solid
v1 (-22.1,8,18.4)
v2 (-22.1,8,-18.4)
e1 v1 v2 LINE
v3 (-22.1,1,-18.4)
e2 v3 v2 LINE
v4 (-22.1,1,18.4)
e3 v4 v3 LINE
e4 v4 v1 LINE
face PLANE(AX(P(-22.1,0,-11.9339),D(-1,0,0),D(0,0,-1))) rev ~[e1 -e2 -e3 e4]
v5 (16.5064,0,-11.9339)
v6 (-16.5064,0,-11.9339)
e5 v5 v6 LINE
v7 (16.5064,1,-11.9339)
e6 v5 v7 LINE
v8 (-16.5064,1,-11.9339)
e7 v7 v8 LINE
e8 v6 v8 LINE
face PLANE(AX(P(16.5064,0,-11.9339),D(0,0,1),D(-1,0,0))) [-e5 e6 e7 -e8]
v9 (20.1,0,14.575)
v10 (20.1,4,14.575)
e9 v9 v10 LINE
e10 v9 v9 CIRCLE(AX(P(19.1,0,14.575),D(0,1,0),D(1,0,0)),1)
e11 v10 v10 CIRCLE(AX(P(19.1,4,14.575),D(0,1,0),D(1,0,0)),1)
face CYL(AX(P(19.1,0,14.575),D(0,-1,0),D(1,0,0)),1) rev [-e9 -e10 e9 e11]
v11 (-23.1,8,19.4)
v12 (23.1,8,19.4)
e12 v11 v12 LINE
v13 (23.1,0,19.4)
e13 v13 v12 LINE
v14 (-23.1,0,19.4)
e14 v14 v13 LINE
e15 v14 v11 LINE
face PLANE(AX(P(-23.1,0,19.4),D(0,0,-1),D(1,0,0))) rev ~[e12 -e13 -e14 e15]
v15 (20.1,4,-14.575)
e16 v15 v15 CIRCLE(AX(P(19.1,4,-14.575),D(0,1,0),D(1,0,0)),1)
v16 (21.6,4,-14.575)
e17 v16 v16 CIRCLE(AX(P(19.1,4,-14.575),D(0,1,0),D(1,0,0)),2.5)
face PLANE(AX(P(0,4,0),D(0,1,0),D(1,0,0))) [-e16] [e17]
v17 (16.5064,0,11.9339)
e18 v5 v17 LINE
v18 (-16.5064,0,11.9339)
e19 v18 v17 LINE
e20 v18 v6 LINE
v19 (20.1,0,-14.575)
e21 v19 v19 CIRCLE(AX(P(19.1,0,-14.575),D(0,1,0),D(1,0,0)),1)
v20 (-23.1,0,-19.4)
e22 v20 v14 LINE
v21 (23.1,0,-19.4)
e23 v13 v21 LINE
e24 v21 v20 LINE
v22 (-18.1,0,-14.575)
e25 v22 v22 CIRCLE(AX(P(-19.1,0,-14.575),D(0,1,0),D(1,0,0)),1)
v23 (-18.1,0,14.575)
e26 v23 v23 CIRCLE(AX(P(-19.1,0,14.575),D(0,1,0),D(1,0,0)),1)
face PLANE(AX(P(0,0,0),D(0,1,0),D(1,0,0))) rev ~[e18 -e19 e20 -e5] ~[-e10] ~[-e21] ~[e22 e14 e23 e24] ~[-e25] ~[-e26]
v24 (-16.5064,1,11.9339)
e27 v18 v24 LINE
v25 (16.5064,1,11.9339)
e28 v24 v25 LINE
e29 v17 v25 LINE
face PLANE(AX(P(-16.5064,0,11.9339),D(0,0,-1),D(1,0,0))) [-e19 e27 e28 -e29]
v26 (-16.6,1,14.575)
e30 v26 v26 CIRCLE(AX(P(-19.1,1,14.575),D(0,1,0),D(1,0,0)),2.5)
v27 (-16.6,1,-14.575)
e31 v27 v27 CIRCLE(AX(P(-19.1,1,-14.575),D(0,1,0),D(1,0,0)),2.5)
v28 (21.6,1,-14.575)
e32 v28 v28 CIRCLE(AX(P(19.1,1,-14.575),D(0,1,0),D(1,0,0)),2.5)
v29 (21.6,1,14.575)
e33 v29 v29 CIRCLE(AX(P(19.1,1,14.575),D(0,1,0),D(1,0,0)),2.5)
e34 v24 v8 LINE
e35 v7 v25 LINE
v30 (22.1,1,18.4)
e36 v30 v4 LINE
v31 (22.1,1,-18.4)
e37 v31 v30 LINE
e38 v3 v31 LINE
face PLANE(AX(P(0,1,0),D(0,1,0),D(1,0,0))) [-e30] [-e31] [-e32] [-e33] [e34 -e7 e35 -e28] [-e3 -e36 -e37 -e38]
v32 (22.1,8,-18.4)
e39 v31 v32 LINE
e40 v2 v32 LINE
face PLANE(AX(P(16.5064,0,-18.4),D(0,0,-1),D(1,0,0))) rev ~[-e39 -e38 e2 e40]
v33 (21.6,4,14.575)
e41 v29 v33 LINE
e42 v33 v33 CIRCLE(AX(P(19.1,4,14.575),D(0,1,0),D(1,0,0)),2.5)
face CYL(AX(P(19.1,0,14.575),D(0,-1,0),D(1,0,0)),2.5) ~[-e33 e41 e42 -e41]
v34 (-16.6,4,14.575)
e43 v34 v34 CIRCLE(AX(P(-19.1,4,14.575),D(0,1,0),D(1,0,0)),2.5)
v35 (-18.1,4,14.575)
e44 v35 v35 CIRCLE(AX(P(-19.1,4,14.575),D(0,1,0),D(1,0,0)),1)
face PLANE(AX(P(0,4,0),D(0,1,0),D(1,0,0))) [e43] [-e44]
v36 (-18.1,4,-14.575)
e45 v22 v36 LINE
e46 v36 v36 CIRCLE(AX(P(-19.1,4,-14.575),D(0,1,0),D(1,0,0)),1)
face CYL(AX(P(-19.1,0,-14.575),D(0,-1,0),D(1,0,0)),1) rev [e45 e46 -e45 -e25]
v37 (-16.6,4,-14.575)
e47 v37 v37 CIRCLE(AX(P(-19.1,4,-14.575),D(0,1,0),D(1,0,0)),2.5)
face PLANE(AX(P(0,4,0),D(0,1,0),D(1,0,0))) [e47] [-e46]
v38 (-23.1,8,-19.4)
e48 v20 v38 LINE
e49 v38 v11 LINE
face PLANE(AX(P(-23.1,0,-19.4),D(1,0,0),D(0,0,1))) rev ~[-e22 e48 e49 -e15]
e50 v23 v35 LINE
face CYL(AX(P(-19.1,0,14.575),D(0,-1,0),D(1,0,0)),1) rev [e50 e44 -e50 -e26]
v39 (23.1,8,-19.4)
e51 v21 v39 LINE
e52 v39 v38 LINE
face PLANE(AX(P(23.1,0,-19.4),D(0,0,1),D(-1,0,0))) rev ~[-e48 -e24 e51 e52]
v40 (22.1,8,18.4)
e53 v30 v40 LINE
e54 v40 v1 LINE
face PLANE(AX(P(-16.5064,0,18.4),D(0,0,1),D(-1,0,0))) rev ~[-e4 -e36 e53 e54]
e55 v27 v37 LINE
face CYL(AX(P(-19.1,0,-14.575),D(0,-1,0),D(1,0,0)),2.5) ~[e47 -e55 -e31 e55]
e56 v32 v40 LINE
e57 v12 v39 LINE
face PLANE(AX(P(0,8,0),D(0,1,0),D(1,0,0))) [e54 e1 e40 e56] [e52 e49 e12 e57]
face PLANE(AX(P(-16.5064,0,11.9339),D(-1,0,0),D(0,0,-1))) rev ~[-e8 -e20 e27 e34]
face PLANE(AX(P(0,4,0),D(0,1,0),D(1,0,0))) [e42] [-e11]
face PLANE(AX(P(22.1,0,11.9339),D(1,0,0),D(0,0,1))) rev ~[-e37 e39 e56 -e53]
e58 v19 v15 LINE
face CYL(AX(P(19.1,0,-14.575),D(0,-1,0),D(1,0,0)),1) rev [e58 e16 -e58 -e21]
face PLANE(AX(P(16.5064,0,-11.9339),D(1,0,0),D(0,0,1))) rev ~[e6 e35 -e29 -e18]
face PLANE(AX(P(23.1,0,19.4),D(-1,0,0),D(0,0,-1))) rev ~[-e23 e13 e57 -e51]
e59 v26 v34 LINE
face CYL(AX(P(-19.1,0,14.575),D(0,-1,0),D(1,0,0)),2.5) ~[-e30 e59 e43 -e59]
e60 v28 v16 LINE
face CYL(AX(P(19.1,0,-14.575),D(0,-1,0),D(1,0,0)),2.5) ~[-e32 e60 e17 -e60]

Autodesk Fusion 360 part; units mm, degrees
sketch "Sketch1" plane through (0, 0, 0) normal (0, 1, 0) x (1, 0, 0)
  line L0 (19.1, 14.575) -> (-19.1, 14.575) construction
  line L1 (-19.1, 14.575) -> (-19.1, -14.575) construction
  line L2 (-19.1, -14.575) -> (19.1, -14.575) construction
  line L3 (19.1, -14.575) -> (19.1, 14.575) construction
  line L4 (19.1, 14.575) -> (-19.1, -14.575) construction
  line L5 (-19.1, 14.575) -> (19.1, -14.575) construction
  circle A0 centre (-19.1, 14.575) radius 1
  circle A1 centre (19.1, 14.575) radius 1
  circle A2 centre (-19.1, -14.575) radius 1
  circle A3 centre (19.1, -14.575) radius 1
  circle A4 centre (-19.1, 14.575) radius 2.5
  circle A5 centre (19.1, 14.575) radius 2.5
  circle A6 centre (-19.1, -14.575) radius 2.5
  circle A7 centre (19.1, -14.575) radius 2.5
  line L6 (22.1, -18.4) -> (-22.1, -18.4)
  line L7 (-22.1, -18.4) -> (-22.1, 18.4)
  line L8 (-22.1, 18.4) -> (22.1, 18.4)
  line L9 (22.1, 18.4) -> (22.1, -18.4)
  line L10 (22.1, -18.4) -> (-22.1, 18.4) construction
  line L11 (-22.1, -18.4) -> (22.1, 18.4) construction
  line L12 (23.1, 19.4) -> (-23.1, 19.4)
  line L13 (-23.1, 19.4) -> (-23.1, -19.4)
  line L14 (-23.1, -19.4) -> (23.1, -19.4)
  line L15 (23.1, -19.4) -> (23.1, 19.4)
  line L16 (23.1, 19.4) -> (-23.1, -19.4) construction
  line L17 (-23.1, 19.4) -> (23.1, -19.4) construction
  line L18 (-16.5064, 18.4) -> (16.5064, 18.4)
  line L19 (16.5064, 18.4) -> (16.5064, -18.4)
  line L20 (16.5064, -18.4) -> (-16.5064, -18.4)
  line L21 (-16.5064, -18.4) -> (-16.5064, 18.4)
  line L22 (-16.5064, 18.4) -> (16.5064, -18.4) construction
  line L23 (16.5064, 18.4) -> (-16.5064, -18.4) construction
  line L24 (22.1, 11.9339) -> (-22.1, 11.9339)
  line L25 (-22.1, 11.9339) -> (-22.1, -11.9339)
  line L26 (-22.1, -11.9339) -> (22.1, -11.9339)
  line L27 (22.1, -11.9339) -> (22.1, 11.9339)
  line L28 (22.1, 11.9339) -> (-22.1, -11.9339) construction
  line L29 (-22.1, 11.9339) -> (22.1, -11.9339) construction
  dimension "d1" = 29.15
  dimension "d2" = 38.2
  dimension "d3" = 2
  dimension "d4" = 2
  dimension "d5" = 2
  dimension "d6" = 2
  dimension "d7" = 5
  dimension "d8" = 5
  dimension "d9" = 5
  dimension "d10" = 5
  dimension "d11" = 36.8
  dimension "d12" = 1
  dimension "d13" = 1
  dimension "d14" = 44.2
extrude "Extrude1" add sketch "Sketch1" along normal blind 8 contours L12 L13 L14 L15 makes body 1
extrude "Extrude2" add sketch "Sketch1" along normal blind 4 separate body contours A4 | A5 | A6 | A7 makes body 2 at (21.5969, 2.6667, -14.4504) makes body 3 at (-16.6031, 2.6667, 14.6996) makes body 4 at (-16.6031, 2.6667, -14.4504) makes body 5 at (21.5969, 2.6667, 14.6996)
extrude "Extrude3" add sketch "Sketch1" along normal blind 1 contours L6 L9 L19 L26 | L6 L19 L20 L21 L26 | L9 L19 L24 L26 L27 | L6 L7 L21 L26 | L8 L9 L19 L24 | L7 L21 L24 L25 L26 | L8 L18 L19 L21 L24 | L7 L8 L21 L24 bodies 1 2 3 4 5
